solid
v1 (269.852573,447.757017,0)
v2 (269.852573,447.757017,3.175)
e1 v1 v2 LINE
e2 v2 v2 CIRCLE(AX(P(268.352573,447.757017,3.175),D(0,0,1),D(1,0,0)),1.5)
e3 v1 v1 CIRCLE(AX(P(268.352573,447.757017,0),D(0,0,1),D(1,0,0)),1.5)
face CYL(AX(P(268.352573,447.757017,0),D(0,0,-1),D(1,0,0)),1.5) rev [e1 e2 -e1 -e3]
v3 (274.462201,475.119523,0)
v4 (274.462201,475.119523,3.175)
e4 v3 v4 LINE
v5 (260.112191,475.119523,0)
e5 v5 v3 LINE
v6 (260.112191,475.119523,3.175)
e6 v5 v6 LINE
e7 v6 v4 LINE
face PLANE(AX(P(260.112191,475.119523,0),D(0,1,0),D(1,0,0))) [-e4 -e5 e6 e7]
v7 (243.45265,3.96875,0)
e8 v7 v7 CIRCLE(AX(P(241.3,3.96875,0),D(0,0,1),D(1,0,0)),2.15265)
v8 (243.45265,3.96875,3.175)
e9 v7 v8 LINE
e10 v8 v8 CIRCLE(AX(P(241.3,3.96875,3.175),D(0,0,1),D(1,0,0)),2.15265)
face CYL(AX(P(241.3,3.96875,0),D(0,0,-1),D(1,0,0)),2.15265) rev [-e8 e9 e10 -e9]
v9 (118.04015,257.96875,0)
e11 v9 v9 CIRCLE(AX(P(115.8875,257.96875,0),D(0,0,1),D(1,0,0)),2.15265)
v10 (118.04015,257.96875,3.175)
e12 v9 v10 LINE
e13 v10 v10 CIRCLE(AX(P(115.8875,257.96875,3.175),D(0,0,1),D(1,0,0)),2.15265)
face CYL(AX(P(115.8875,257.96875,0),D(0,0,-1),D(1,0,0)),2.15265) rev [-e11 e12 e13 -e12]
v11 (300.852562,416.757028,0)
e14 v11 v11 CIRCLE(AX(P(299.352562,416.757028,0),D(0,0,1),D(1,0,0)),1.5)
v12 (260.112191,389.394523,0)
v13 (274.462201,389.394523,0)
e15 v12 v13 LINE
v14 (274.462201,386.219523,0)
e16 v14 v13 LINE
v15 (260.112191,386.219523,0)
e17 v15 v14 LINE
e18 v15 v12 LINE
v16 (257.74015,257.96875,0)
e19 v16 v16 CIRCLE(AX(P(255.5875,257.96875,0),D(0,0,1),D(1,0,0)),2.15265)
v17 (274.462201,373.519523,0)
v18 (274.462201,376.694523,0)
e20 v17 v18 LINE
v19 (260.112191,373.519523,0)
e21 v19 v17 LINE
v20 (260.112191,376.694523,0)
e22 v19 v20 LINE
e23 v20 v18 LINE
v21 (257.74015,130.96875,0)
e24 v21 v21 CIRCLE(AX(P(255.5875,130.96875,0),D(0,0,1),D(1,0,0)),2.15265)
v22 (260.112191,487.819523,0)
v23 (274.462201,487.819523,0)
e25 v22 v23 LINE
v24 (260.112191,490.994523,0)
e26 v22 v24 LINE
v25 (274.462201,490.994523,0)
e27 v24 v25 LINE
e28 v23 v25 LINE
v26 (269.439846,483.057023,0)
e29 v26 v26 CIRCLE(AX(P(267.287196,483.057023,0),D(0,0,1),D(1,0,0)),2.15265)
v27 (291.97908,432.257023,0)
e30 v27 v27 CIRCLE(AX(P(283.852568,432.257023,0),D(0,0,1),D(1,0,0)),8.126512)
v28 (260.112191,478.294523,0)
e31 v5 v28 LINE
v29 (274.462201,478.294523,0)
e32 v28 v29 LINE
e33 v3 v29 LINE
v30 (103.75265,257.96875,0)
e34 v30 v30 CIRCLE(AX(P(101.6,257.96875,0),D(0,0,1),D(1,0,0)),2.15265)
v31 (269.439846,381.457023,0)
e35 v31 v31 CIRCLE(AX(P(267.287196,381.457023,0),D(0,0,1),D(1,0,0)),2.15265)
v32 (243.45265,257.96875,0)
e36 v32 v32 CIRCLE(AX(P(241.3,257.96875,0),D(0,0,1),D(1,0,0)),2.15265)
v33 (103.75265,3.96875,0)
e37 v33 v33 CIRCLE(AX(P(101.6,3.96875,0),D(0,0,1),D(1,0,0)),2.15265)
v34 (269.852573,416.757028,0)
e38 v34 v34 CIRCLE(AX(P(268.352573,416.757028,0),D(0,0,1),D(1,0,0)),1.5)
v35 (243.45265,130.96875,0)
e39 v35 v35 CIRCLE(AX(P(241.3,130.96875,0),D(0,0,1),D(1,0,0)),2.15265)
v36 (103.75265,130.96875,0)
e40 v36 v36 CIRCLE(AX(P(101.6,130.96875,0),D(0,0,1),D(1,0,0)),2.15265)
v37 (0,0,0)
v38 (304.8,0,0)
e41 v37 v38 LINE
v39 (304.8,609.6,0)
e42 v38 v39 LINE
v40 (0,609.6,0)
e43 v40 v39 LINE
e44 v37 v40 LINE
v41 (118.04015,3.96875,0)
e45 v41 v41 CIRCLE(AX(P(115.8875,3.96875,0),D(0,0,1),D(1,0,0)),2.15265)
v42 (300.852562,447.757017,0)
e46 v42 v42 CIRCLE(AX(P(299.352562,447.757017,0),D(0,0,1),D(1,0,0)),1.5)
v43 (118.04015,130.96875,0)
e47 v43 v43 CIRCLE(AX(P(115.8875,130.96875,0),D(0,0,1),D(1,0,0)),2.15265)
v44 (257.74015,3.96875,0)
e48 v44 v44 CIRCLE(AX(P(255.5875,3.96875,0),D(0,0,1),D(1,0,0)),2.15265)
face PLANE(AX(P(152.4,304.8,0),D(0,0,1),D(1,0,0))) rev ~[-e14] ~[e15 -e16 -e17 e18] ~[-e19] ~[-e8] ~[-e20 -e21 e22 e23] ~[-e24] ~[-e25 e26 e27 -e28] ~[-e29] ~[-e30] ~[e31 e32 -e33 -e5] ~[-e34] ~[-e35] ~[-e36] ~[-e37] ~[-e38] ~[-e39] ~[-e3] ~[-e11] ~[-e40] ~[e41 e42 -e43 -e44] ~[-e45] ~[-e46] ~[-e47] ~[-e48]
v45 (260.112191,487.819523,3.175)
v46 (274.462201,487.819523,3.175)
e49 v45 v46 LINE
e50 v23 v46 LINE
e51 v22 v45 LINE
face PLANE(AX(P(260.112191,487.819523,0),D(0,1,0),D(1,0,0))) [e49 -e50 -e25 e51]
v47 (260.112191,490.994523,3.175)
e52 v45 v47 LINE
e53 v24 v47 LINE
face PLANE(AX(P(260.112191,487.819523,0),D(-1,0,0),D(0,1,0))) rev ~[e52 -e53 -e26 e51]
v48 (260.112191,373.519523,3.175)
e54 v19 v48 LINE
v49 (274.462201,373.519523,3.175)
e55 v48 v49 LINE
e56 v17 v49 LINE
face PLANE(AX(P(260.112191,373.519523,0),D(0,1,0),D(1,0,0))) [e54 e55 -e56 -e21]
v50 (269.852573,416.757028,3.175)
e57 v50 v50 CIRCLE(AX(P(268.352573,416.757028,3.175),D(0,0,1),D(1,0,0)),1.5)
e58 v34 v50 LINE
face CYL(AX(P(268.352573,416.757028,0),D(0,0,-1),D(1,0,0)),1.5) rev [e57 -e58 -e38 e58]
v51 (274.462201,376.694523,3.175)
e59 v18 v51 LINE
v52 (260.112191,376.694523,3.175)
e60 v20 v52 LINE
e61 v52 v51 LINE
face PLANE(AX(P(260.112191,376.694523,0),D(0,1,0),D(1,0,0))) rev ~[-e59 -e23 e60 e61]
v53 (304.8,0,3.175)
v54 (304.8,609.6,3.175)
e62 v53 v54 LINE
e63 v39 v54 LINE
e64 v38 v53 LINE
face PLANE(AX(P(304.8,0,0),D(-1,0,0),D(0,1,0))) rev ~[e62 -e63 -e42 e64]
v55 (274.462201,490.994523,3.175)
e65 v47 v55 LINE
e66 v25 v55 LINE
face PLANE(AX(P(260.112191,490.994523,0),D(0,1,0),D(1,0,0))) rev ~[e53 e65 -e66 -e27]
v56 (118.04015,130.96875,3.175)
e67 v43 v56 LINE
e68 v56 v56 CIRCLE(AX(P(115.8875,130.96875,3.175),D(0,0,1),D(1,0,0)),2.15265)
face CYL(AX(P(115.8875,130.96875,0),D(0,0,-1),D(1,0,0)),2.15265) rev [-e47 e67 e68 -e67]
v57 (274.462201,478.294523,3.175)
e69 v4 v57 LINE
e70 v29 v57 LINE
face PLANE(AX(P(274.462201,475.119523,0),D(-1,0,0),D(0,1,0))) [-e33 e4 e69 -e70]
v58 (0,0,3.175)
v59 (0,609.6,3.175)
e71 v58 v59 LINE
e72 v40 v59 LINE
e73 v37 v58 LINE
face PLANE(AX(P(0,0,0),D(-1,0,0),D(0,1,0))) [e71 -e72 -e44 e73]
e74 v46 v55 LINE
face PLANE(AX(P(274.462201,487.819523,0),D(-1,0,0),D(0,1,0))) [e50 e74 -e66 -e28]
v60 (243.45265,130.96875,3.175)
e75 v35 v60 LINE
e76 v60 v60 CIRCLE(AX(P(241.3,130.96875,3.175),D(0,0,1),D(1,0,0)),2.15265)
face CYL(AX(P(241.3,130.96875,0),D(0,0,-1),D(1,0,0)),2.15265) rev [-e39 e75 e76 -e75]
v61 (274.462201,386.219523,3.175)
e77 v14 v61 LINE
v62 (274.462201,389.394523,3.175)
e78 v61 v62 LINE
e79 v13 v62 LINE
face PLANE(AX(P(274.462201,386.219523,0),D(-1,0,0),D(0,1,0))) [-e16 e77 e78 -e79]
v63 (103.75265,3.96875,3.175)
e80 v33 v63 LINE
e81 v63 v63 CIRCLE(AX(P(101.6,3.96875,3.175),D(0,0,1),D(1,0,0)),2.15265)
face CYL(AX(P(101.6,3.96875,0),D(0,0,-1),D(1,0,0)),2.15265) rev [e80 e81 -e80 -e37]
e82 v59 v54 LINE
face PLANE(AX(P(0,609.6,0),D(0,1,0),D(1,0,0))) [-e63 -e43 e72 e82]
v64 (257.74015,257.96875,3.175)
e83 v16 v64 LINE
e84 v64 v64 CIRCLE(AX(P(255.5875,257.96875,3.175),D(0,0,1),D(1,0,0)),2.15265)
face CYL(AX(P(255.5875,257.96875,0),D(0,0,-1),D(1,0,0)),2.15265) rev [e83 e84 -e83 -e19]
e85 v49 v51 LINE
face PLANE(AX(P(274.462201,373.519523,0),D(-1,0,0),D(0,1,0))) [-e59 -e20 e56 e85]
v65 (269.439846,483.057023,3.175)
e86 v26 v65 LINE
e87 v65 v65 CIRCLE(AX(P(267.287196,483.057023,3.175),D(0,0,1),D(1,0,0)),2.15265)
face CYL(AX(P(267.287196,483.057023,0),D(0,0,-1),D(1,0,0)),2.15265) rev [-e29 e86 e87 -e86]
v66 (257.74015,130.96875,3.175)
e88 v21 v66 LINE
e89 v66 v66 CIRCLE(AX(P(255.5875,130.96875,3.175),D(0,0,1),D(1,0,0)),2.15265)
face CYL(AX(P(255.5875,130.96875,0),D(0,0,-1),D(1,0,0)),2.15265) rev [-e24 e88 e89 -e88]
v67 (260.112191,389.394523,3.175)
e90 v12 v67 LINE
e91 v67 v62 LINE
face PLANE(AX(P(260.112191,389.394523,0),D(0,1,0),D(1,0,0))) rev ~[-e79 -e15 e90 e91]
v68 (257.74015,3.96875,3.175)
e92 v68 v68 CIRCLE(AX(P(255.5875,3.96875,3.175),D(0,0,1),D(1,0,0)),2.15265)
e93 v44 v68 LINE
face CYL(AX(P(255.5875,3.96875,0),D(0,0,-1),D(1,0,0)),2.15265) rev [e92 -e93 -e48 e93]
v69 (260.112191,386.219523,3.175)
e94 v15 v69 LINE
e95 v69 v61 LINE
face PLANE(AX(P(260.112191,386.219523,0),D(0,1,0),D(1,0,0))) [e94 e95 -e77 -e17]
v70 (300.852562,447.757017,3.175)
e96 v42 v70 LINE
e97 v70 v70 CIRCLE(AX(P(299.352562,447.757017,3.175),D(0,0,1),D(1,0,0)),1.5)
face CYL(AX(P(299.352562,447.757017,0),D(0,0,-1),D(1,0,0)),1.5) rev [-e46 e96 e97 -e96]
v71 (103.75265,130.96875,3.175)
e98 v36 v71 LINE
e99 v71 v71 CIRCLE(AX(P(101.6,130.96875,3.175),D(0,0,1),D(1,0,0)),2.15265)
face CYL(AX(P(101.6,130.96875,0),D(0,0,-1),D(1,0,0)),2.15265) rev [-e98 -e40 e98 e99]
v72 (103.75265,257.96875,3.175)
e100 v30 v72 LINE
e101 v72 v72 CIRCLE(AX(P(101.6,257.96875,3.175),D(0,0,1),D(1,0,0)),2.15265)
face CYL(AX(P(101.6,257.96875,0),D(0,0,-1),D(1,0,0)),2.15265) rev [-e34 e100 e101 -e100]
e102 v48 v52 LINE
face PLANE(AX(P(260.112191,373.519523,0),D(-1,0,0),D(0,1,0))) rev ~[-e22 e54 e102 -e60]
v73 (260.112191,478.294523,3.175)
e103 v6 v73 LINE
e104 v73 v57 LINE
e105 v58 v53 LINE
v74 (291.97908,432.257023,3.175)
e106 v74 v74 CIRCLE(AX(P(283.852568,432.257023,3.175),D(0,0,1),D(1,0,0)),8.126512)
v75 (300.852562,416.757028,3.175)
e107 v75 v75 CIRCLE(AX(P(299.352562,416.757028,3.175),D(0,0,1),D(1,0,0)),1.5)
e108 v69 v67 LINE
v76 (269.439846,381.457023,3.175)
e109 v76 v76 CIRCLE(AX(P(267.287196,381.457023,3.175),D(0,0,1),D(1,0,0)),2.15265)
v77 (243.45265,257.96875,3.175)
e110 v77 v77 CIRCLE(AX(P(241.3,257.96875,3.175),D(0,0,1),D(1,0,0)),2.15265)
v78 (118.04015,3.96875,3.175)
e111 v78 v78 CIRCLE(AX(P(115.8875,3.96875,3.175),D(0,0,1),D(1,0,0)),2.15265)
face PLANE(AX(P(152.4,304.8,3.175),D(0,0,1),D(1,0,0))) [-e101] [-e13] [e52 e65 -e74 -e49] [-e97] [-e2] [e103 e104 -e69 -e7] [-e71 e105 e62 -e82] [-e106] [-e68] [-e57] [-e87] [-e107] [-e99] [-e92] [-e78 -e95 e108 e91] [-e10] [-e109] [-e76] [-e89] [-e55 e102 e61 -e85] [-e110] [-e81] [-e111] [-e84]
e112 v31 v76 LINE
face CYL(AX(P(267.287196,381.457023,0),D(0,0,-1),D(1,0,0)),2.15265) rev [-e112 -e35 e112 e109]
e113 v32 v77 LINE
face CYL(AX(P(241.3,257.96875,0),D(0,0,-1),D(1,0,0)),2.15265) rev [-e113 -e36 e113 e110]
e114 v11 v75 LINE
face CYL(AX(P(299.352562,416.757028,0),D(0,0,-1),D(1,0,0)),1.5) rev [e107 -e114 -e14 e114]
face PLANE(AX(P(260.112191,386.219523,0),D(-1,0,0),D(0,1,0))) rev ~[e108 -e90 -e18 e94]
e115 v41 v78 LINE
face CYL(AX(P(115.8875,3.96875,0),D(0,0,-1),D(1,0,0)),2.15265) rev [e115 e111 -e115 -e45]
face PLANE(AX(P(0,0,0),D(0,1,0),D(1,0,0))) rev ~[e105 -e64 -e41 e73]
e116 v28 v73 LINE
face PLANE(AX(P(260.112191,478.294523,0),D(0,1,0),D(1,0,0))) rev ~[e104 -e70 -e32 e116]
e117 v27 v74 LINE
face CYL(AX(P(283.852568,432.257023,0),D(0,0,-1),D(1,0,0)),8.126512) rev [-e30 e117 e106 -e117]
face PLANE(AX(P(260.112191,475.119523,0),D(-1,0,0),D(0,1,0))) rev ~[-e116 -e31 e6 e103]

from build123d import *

# Parameters (mm, degrees)
F0_W     = 304.8
F0_H     = 609.6
F0_R     = 2.15265
F0_W_2   = 14.35001
F0_H_2   = 3.175
F0_R_2   = 1.5
F0_R_3   = 8.126512
F1_DEPTH = 3.175


with BuildPart() as f1:
    # F0 (on Top) → F1 (new body)
    with BuildSketch(Plane.XY):
        with Locations((152.4, 304.8)):
            Rectangle(F0_W, F0_H)
        with Locations((101.6, 3.96875)):
            Circle(F0_R, mode=Mode.SUBTRACT)
        with Locations((115.8875, 3.96875)):
            Circle(F0_R, mode=Mode.SUBTRACT)
        with Locations((101.6, 130.96875)):
            Circle(F0_R, mode=Mode.SUBTRACT)
        with Locations((115.8875, 130.96875)):
            Circle(F0_R, mode=Mode.SUBTRACT)
        with Locations((101.6, 257.96875)):
            Circle(F0_R, mode=Mode.SUBTRACT)
        with Locations((115.8875, 257.96875)):
            Circle(F0_R, mode=Mode.SUBTRACT)
        with Locations((241.3, 3.96875)):
            Circle(F0_R, mode=Mode.SUBTRACT)
        with Locations((255.5875, 3.96875)):
            Circle(F0_R, mode=Mode.SUBTRACT)
        with Locations((241.3, 130.96875)):
            Circle(F0_R, mode=Mode.SUBTRACT)
        with Locations((255.5875, 130.96875)):
            Circle(F0_R, mode=Mode.SUBTRACT)
        with Locations((241.3, 257.96875)):
            Circle(F0_R, mode=Mode.SUBTRACT)
        with Locations((255.5875, 257.96875)):
            Circle(F0_R, mode=Mode.SUBTRACT)
        with Locations((267.287196, 375.107023)):
            Rectangle(F0_W_2, F0_H_2, mode=Mode.SUBTRACT)
        with Locations((267.287196, 381.457023)):
            Circle(F0_R, mode=Mode.SUBTRACT)
        with Locations((267.287196, 387.807023)):
            Rectangle(F0_W_2, F0_H_2, mode=Mode.SUBTRACT)
        with Locations((268.352573, 416.757028)):
            Circle(F0_R_2, mode=Mode.SUBTRACT)
        with Locations((299.352562, 416.757028)):
            Circle(F0_R_2, mode=Mode.SUBTRACT)
        with Locations((283.852568, 432.257023)):
            Circle(F0_R_3, mode=Mode.SUBTRACT)
        with Locations((268.352573, 447.757017)):
            Circle(F0_R_2, mode=Mode.SUBTRACT)
        with Locations((299.352562, 447.757017)):
            Circle(F0_R_2, mode=Mode.SUBTRACT)
        with Locations((267.287196, 476.707023)):
            Rectangle(F0_W_2, F0_H_2, mode=Mode.SUBTRACT)
        with Locations((267.287196, 483.057023)):
            Circle(F0_R, mode=Mode.SUBTRACT)
        with Locations((267.287196, 489.407023)):
            Rectangle(F0_W_2, F0_H_2, mode=Mode.SUBTRACT)
    extrude(amount=F1_DEPTH)


solid = f1.part
